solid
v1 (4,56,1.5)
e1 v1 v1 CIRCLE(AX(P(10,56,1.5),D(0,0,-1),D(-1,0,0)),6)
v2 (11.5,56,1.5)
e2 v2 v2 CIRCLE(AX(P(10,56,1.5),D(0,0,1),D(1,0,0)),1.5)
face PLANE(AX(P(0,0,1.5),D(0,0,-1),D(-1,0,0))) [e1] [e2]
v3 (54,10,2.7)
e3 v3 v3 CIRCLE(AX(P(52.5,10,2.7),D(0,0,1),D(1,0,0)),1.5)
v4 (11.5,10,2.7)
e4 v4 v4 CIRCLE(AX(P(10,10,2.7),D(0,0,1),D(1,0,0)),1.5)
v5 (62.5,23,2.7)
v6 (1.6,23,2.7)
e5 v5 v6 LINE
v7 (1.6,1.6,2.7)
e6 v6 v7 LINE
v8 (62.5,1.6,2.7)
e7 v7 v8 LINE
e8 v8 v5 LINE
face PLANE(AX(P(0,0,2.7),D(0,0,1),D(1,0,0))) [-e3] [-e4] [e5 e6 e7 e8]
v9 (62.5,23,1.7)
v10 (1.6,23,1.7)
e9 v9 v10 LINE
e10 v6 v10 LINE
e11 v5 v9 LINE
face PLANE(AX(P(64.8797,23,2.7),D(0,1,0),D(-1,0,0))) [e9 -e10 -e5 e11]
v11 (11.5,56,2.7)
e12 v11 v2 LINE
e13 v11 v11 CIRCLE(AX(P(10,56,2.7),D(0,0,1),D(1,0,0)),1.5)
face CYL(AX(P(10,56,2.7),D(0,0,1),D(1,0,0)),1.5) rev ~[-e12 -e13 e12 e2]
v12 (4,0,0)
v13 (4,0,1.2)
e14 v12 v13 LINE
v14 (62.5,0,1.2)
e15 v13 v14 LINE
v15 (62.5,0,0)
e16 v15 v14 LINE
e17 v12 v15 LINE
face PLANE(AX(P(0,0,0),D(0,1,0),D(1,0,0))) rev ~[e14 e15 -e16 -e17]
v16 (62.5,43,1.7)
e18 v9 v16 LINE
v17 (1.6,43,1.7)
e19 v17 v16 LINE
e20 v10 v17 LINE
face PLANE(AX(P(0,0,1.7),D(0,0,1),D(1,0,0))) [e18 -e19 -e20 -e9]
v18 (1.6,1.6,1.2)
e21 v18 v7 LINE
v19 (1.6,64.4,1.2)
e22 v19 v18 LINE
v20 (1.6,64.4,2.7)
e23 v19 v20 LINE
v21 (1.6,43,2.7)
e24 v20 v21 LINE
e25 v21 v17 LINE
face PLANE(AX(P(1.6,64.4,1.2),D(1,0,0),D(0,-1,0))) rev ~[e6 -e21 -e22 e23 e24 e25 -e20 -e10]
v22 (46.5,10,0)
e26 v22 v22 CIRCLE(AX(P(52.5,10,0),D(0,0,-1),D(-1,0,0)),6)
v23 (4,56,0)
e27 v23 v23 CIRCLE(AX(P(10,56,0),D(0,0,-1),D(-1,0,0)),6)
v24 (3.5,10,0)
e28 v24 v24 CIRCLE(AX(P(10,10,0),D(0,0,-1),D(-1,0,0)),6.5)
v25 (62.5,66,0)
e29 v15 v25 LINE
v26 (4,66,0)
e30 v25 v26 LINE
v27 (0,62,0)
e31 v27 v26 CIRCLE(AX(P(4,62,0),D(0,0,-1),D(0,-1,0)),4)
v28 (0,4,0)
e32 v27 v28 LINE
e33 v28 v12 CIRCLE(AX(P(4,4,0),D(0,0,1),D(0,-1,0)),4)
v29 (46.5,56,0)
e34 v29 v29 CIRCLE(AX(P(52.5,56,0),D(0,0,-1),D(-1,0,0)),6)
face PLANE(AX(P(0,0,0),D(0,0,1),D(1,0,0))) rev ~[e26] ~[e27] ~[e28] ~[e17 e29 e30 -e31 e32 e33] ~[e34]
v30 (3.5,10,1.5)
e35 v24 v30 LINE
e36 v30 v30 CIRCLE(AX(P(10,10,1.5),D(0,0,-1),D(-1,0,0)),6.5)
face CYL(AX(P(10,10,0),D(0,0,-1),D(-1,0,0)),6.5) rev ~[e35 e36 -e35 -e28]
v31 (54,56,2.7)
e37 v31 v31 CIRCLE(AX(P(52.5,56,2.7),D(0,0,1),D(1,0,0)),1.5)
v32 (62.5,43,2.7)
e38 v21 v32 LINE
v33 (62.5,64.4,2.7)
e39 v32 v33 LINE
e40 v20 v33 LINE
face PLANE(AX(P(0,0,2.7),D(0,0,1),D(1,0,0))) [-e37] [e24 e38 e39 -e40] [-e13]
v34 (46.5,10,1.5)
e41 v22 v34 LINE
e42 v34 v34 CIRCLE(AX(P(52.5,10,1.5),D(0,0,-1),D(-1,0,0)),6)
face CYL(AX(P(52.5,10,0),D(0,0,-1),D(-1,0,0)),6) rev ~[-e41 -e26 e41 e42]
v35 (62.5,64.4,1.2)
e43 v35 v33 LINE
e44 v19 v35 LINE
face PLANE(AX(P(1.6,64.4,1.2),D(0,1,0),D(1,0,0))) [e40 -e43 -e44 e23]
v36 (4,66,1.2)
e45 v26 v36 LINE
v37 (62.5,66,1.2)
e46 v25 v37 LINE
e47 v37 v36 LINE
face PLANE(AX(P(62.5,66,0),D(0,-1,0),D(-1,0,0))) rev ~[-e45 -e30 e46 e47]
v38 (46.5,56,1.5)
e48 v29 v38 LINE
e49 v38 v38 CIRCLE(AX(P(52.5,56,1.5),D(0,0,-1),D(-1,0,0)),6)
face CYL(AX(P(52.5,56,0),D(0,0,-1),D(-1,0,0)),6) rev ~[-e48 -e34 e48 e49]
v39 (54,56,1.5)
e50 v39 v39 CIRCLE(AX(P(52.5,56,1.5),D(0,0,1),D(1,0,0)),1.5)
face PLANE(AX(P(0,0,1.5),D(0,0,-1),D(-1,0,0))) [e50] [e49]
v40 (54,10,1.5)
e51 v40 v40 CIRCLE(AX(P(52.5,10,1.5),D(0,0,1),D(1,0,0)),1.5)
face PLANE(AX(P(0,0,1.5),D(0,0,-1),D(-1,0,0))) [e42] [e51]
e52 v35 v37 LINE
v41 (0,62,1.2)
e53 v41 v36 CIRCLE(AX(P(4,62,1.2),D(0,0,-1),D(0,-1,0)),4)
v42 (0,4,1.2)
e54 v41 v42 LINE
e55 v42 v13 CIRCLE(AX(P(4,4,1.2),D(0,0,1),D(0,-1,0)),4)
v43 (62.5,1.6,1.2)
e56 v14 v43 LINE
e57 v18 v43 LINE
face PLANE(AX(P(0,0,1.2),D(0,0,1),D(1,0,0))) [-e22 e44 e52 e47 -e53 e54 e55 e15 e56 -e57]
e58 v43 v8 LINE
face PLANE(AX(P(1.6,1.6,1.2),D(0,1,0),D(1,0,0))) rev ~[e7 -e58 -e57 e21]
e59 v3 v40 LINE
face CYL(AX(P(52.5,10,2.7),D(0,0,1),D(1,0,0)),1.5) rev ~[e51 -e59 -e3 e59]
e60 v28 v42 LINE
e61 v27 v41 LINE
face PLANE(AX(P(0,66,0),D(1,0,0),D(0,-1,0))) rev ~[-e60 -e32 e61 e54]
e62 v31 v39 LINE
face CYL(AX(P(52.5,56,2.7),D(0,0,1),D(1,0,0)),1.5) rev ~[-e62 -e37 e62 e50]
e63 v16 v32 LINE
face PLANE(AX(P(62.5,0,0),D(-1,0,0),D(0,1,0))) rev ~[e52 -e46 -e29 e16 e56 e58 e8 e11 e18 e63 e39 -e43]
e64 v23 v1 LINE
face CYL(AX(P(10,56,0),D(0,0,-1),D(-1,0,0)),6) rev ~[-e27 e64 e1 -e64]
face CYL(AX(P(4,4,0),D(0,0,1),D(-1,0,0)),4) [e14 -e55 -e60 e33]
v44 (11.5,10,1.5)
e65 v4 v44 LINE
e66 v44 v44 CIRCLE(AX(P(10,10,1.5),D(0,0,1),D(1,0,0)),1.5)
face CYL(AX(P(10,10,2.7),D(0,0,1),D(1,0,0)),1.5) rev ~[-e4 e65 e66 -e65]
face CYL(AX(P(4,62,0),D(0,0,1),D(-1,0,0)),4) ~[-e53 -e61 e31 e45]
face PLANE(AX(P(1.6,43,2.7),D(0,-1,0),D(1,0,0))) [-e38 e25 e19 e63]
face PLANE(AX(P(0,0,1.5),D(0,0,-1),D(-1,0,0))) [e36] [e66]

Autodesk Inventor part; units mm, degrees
ref_plane "YZ Plane" through (0, 0, 0) normal (1, 0, 0) x (0, 1, 0)
ref_plane "XZ Plane" through (0, 0, 0) normal (0, 1, 0) x (-1, 0, 0)
ref_plane "XY Plane" through (0, 0, 0) normal (0, 0, 1) x (1, 0, 0)
sketch "Sketch1" plane through (0, 0, 0) normal (0, 0, 1) x (1, 0, 0)
  line L0 (0, 0) -> (62.5, 0)
  line L1 (62.5, 0) -> (62.5, 66)
  line L2 (62.5, 66) -> (0, 66)
  line L3 (0, 66) -> (0, 0)
  dimension "d0" = 62.5
  dimension "d1" = 66
extrude "Extrusion1" add sketch "Sketch1" along normal blind 1.2
sketch "Sketch2" plane through (0, 0, 1.2) normal (0, 0, 1) x (1, 0, 0)
  line L0 (62.5, 66) -> (0, 66) projected
  line L1 (0, 66) -> (0, 0) projected
  line L2 (62.5, 66) -> (0, 66)
  line L3 (0, 66) -> (0, 64.4)
  line L4 (0, 64.4) -> (62.5, 64.4)
  line L5 (62.5, 64.4) -> (62.5, 66)
  line L6 (62.5, 0) -> (62.5, 66) projected
  line L7 (62.5, 0) -> (0, 0)
  line L8 (0, 0) -> (0, 1.6)
  line L9 (0, 1.6) -> (62.5, 1.6)
  line L10 (62.5, 1.6) -> (62.5, 0)
  line L11 (0, 0) -> (62.5, 0) projected
  line L12 (0, 66) -> (1.6, 66)
  line L13 (1.6, 66) -> (1.6, 0)
  line L14 (1.6, 0) -> (0, 0)
  line L15 (0, 0) -> (0, 66)
  line L16 (62.5, 64.4) -> (1.6, 64.4)
  line L17 (1.6, 64.4) -> (1.6, 1.6)
  line L18 (1.6, 1.6) -> (62.5, 1.6)
  line L19 (62.5, 1.6) -> (62.5, 64.4)
  dimension "d4" = 1.6
  dimension "d5" = 1.6
  dimension "d6" = 1.6
extrude "Extrusion2" add sketch "Sketch2" along normal blind 1.5 contours L6 L9 L13 L4
sketch "Sketch3" plane through (0, 0, 2.7) normal (0, 0, 1) x (1, 0, 0)
  line L0 (1.6, 1.6) -> (1.6, 64.4) projected
  line L1 (1.6, 1.6) -> (1.6, 64.4)
  line L2 (1.6, 33) -> (1.6, 43)
  line L3 (1.6, 43) -> (64.8797, 43)
  line L4 (64.8797, 43) -> (64.8797, 23)
  line L5 (64.8797, 23) -> (1.6, 23)
  line L6 (1.6, 23) -> (1.6, 43)
  point P0 (0, 0)
  point P1 (1.6, 23)
  dimension "d9" = 10
  dimension "d10" = 20
extrude "Extrusion3" cut sketch "Sketch3" against normal blind 1
sketch "Sketch4" plane through (0, 0, 2.7) normal (0, 0, 1) x (1, 0, 0)
  line L0 (62.5, 64.4) -> (1.6, 64.4) projected
  line L1 (62.5, 1.6) -> (1.6, 1.6) projected
  line L2 (1.6, 64.4) -> (60.9, 64.4)
  line L3 (60.9, 64.4) -> (60.9, 1.6)
  line L4 (60.9, 1.6) -> (1.6, 1.6)
  line L5 (1.6, 1.6) -> (1.6, 64.4)
  line L6 (0, 66) -> (0, 0) projected
  circle A0 centre (10, 56) radius 1.5
  line L7 (62.5, 0) -> (62.5, 66) projected
  circle A1 centre (52.5, 56) radius 1.5
  circle A2 centre (10, 10) radius 1.5
  circle A3 centre (52.5, 10) radius 1.5
  dimension "d13" = 59.3
extrude "Extrusion4" cut sketch "Sketch4" against normal through all contours A0 | A1 | A2 | A3
sketch "Sketch5" plane through (0, 0, 0) normal (0, 0, -1) x (-1, 0, 0)
  circle A0 centre (-52.5, 56) radius 1.5 projected
  circle A1 centre (-52.5, 56) radius 6
  circle A2 centre (-10, 56) radius 1.5 projected
  circle A3 centre (-10, 56) radius 6
  circle A4 centre (-52.5, 10) radius 1.5 projected
  circle A5 centre (-52.5, 10) radius 6
  circle A6 centre (-10, 10) radius 1.5 projected
  circle A7 centre (-10, 10) radius 6.5
  point P0 (0, 0)
  dimension "d22" = 12
  dimension "d23" = 12
  dimension "d24" = 12
  dimension "d25" = 13
extrude "Extrusion5" cut sketch "Sketch5" against normal blind 1.5 contours A0 | A1 | A3 | A4 | A5 | A7
fillet "Fillet1" radius 4 2 edges at (0, 66, 0.6) (0, 0, 0.6)
properties part number "SlaveLåg"
